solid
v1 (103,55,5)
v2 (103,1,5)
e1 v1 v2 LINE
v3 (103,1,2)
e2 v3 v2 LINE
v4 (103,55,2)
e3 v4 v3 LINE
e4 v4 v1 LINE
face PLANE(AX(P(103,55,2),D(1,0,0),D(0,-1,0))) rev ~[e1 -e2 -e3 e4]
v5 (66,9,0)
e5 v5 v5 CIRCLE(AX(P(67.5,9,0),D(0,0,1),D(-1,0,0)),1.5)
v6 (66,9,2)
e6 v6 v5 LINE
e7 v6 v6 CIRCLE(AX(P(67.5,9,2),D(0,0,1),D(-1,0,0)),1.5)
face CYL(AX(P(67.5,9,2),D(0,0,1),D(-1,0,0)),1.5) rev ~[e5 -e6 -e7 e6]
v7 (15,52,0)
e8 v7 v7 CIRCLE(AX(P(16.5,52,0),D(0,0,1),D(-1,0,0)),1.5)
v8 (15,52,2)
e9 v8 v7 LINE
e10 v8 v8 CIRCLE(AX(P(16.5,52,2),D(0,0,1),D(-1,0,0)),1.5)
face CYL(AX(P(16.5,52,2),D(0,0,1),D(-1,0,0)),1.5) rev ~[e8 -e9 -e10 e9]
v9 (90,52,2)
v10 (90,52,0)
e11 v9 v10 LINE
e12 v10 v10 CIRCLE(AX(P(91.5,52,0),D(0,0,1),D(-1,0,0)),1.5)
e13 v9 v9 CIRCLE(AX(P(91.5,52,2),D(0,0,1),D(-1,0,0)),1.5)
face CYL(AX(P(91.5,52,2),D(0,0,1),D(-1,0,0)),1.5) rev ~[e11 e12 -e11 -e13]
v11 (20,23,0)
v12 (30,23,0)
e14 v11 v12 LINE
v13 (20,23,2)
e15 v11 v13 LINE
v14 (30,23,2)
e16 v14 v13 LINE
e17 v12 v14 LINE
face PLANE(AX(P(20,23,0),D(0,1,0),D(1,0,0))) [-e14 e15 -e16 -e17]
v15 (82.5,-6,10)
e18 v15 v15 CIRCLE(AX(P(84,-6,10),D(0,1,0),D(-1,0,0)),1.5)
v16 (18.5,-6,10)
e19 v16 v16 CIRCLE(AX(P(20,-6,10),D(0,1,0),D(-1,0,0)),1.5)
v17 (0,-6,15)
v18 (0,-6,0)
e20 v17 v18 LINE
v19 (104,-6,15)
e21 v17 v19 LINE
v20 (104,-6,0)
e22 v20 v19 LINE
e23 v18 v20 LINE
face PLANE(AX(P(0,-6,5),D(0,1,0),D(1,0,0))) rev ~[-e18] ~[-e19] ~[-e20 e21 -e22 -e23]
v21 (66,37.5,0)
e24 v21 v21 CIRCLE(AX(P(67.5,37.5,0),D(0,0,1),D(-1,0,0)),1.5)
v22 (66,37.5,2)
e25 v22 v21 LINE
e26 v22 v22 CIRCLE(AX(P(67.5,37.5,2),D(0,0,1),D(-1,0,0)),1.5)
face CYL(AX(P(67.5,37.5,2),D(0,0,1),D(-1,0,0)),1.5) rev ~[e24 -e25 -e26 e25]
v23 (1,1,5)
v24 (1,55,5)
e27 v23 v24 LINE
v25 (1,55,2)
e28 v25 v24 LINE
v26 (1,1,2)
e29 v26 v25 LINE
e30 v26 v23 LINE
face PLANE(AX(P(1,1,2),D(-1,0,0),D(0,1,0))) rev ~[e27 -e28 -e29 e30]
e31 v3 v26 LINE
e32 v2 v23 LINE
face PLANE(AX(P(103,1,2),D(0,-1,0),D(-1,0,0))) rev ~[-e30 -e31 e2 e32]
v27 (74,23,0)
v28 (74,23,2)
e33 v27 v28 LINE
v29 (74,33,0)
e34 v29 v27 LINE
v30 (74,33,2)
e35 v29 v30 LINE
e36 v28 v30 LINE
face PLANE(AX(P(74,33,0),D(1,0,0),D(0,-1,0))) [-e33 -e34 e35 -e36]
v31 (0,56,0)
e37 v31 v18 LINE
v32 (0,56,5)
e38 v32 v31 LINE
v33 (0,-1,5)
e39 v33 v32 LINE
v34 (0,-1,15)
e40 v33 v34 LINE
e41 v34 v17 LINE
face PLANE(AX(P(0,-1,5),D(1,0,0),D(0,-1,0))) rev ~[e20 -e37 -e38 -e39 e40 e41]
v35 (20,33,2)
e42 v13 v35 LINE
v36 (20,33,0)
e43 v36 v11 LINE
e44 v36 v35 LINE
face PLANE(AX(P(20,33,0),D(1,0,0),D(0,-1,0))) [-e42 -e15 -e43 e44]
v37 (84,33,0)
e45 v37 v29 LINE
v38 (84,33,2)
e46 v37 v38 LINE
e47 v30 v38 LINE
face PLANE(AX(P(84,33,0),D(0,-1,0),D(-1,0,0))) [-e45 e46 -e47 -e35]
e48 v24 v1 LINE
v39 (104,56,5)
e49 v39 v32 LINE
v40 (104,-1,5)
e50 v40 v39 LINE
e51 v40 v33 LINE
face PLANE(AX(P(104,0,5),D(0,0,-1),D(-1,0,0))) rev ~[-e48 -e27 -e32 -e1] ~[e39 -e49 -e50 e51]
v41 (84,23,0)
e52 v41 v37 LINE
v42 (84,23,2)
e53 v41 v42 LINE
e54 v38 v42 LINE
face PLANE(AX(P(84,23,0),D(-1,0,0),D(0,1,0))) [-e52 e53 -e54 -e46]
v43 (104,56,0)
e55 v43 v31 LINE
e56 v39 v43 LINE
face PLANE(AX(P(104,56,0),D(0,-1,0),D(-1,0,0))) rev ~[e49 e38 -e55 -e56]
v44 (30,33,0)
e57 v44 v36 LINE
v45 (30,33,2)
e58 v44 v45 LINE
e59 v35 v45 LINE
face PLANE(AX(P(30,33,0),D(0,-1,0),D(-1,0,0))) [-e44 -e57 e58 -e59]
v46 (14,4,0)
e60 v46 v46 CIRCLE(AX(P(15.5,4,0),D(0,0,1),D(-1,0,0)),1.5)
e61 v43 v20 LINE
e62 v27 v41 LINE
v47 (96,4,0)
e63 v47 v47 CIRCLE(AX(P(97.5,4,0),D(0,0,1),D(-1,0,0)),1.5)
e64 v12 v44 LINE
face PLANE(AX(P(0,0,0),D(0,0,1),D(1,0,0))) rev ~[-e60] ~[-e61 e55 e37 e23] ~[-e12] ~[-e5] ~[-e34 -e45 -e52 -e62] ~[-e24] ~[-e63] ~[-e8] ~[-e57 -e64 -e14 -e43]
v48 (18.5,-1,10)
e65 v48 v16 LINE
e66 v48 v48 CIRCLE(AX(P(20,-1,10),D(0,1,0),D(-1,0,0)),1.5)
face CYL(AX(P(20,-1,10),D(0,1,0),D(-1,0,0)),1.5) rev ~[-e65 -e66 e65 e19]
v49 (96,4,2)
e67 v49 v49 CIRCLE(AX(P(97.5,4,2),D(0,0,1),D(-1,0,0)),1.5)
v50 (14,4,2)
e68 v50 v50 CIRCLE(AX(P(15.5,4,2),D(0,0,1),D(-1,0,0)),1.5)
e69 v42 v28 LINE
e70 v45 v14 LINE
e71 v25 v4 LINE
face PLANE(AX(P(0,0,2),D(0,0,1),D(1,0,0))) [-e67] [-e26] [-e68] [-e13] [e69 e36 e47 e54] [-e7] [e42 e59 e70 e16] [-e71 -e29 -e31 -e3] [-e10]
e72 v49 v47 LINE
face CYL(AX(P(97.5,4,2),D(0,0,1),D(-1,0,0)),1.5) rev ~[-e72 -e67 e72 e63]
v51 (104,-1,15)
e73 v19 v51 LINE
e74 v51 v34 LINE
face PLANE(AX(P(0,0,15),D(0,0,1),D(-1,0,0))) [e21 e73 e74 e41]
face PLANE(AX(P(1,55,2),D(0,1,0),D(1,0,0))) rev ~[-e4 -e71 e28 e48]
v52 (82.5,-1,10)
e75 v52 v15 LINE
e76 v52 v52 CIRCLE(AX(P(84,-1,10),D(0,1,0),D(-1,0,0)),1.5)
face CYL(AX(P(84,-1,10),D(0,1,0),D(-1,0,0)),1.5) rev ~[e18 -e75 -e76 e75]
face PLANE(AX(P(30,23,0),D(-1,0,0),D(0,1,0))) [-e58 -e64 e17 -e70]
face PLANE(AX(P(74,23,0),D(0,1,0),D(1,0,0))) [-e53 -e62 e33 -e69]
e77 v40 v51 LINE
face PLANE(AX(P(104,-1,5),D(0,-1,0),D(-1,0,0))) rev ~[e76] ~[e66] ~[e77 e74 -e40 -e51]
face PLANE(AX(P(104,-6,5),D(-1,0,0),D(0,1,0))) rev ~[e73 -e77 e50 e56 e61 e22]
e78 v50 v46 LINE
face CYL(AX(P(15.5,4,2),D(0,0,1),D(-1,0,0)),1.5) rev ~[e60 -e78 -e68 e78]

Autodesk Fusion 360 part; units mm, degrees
sketch "Esquisse2" plane through (0, 0, 0) normal (0, 0, 1) x (1, 0, 0)
  line L0 (0, 0) -> (104, 0)
  line L1 (104, 0) -> (104, 56)
  line L2 (104, 56) -> (0, 56)
  line L3 (0, 56) -> (0, 0)
  dimension "d1" = 104
  dimension "d2" = 56
extrude "Extrusion1" add sketch "Esquisse2" along normal blind 2
sketch "Esquisse3" plane through (0, 0, 2) normal (0, 0, 1) x (-1, 0, 0)
  line L0 (0, -56) -> (0, 0)
  line L1 (0, 0) -> (-104, 0)
  line L2 (-104, 0) -> (-104, -56)
  line L3 (-104, -56) -> (0, -56)
  line L4 (0, -56) -> (-104, -56)
  line L5 (-104, -56) -> (-104, 0)
  line L6 (-104, 0) -> (0, 0)
  line L7 (0, 0) -> (0, -56)
  line L8 (-1, -55) -> (-103, -55)
  line L9 (-103, -55) -> (-103, -1)
  line L10 (-103, -1) -> (-1, -1)
  line L11 (-1, -1) -> (-1, -55)
  dimension "d5" = 1
  dimension "d6" = 1
  dimension "d7" = 1
  dimension "d8" = 1
extrude "Extrusion2" add sketch "Esquisse3" along normal blind 3
sketch "Esquisse4" plane through (0, 0, 2) normal (0, 0, 1) x (-1, 0, 0)
  line L0 (-103, -1) -> (-103, -55)
  line L1 (-103, -55) -> (-1, -55)
  line L2 (-1, -55) -> (-1, -1)
  line L3 (-1, -1) -> (-103, -1)
  circle A0 centre (-16.5, -52) radius 1.5
  circle A1 centre (-15.5, -4) radius 1.5
  circle A2 centre (-67.5, -37.5) radius 1.5
  circle A3 centre (-67.5, -9) radius 1.5
  circle A4 centre (-91.5, -52) radius 1.5
  circle A5 centre (-97.5, -4) radius 1.5
  dimension "d11" = 3
  dimension "d12" = 3
  dimension "d13" = 3
  dimension "d14" = 3
  dimension "d15" = 3
  dimension "d16" = 3
  dimension "d17" = 3
  dimension "d18" = 15.5
  dimension "d19" = 3
  dimension "d20" = 14.5
  dimension "d21" = 35.5
  dimension "d22" = 17.5
  dimension "d23" = 35.5
  dimension "d24" = 8
  dimension "d25" = 11.5
  dimension "d26" = 3
  dimension "d27" = 3
  dimension "d28" = 5.5
extrude "Extrusion3" cut sketch "Esquisse4" against normal blind 5 contours A0 | A1 | A2 | A3 | A4 | A5
sketch "Esquisse6" plane through (0, 0, 0) normal (0, 0, -1) x (1, 0, 0)
  circle A0 centre (15.5, -4) radius 1.5
  circle A1 centre (91.5, -52) radius 1.5
  circle A2 centre (67.5, -9) radius 1.5
  circle A3 centre (16.5, -52) radius 1.5
  circle A4 centre (67.5, -37.5) radius 1.5
  circle A5 centre (97.5, -4) radius 1.5
  line L0 (0, 0) -> (0, -56)
  line L1 (0, -56) -> (104, -56)
  line L2 (104, -56) -> (104, 0)
  line L3 (104, 0) -> (0, 0)
  line L4 (20, -23) -> (30, -23)
  line L5 (30, -23) -> (30, -33)
  line L6 (30, -33) -> (20, -33)
  line L7 (20, -33) -> (20, -23)
  line L8 (74, -23) -> (84, -23)
  line L9 (84, -23) -> (84, -33)
  line L10 (84, -33) -> (74, -33)
  line L11 (74, -33) -> (74, -23)
  dimension "d34" = 10
  dimension "d35" = 10
  dimension "d36" = 10
  dimension "d37" = 10
  dimension "d38" = 20
  dimension "d39" = 23
  dimension "d40" = 23
  dimension "d41" = 20
extrude "Extrusion4" cut sketch "Esquisse6" against normal blind 5 contours L4 L5 L6 L7 | L8 L9 L10 L11
sketch "Esquisse7" plane through (0, 0, 0) normal (0, -1, 0) x (1, 0, 0)
  line L0 (0, 0) -> (104, 0)
  line L1 (104, 0) -> (104, 5)
  line L2 (104, 5) -> (0, 5)
  line L3 (0, 5) -> (0, 0)
  line L4 (0, 0) -> (104, 0)
  line L5 (104, 0) -> (104, 5)
  line L6 (104, 5) -> (0, 5)
  line L7 (0, 5) -> (0, 0)
extrude "Extrusion5" add sketch "Esquisse7" along normal blind 6
sketch "Esquisse8" plane through (0, 0, 5) normal (0, 0, 1) x (-1, 0, 0)
  line L0 (-103, -1) -> (-1, -1)
  line L1 (-1, -1) -> (-1, -55)
  line L2 (-1, -55) -> (-103, -55)
  line L3 (-103, -55) -> (-103, -1)
  line L4 (-104, 6) -> (-104, -56)
  line L5 (-104, -56) -> (0, -56)
  line L6 (0, -56) -> (0, 6)
  line L7 (0, 6) -> (-104, 6)
  line L8 (0, 6) -> (-104, 6)
  line L9 (-104, 6) -> (-104, 1)
  line L10 (-104, 1) -> (0, 1)
  line L11 (0, 1) -> (0, 6)
  dimension "d46" = 5
extrude "Extrusion6" add sketch "Esquisse8" along normal blind 10 contours L4 L6 L7 L8 L9 L10 L11
sketch "Esquisse9" plane through (0, -1, 0) normal (0, 1, 0) x (-1, 0, 0)
  line L0 (-104, 5) -> (0, 5)
  line L1 (0, 5) -> (0, 15)
  line L2 (0, 15) -> (-104, 15)
  line L3 (-104, 15) -> (-104, 5)
  circle A0 centre (-20, 10) radius 1.5
  circle A1 centre (-84, 10) radius 1.5
  dimension "d49" = 3
  dimension "d50" = 3
  dimension "d51" = 20
  dimension "d52" = 20
  dimension "d53" = 5
  dimension "d54" = 5
extrude "Extrusion7" cut sketch "Esquisse9" against normal blind 5 contours A0 | A1
